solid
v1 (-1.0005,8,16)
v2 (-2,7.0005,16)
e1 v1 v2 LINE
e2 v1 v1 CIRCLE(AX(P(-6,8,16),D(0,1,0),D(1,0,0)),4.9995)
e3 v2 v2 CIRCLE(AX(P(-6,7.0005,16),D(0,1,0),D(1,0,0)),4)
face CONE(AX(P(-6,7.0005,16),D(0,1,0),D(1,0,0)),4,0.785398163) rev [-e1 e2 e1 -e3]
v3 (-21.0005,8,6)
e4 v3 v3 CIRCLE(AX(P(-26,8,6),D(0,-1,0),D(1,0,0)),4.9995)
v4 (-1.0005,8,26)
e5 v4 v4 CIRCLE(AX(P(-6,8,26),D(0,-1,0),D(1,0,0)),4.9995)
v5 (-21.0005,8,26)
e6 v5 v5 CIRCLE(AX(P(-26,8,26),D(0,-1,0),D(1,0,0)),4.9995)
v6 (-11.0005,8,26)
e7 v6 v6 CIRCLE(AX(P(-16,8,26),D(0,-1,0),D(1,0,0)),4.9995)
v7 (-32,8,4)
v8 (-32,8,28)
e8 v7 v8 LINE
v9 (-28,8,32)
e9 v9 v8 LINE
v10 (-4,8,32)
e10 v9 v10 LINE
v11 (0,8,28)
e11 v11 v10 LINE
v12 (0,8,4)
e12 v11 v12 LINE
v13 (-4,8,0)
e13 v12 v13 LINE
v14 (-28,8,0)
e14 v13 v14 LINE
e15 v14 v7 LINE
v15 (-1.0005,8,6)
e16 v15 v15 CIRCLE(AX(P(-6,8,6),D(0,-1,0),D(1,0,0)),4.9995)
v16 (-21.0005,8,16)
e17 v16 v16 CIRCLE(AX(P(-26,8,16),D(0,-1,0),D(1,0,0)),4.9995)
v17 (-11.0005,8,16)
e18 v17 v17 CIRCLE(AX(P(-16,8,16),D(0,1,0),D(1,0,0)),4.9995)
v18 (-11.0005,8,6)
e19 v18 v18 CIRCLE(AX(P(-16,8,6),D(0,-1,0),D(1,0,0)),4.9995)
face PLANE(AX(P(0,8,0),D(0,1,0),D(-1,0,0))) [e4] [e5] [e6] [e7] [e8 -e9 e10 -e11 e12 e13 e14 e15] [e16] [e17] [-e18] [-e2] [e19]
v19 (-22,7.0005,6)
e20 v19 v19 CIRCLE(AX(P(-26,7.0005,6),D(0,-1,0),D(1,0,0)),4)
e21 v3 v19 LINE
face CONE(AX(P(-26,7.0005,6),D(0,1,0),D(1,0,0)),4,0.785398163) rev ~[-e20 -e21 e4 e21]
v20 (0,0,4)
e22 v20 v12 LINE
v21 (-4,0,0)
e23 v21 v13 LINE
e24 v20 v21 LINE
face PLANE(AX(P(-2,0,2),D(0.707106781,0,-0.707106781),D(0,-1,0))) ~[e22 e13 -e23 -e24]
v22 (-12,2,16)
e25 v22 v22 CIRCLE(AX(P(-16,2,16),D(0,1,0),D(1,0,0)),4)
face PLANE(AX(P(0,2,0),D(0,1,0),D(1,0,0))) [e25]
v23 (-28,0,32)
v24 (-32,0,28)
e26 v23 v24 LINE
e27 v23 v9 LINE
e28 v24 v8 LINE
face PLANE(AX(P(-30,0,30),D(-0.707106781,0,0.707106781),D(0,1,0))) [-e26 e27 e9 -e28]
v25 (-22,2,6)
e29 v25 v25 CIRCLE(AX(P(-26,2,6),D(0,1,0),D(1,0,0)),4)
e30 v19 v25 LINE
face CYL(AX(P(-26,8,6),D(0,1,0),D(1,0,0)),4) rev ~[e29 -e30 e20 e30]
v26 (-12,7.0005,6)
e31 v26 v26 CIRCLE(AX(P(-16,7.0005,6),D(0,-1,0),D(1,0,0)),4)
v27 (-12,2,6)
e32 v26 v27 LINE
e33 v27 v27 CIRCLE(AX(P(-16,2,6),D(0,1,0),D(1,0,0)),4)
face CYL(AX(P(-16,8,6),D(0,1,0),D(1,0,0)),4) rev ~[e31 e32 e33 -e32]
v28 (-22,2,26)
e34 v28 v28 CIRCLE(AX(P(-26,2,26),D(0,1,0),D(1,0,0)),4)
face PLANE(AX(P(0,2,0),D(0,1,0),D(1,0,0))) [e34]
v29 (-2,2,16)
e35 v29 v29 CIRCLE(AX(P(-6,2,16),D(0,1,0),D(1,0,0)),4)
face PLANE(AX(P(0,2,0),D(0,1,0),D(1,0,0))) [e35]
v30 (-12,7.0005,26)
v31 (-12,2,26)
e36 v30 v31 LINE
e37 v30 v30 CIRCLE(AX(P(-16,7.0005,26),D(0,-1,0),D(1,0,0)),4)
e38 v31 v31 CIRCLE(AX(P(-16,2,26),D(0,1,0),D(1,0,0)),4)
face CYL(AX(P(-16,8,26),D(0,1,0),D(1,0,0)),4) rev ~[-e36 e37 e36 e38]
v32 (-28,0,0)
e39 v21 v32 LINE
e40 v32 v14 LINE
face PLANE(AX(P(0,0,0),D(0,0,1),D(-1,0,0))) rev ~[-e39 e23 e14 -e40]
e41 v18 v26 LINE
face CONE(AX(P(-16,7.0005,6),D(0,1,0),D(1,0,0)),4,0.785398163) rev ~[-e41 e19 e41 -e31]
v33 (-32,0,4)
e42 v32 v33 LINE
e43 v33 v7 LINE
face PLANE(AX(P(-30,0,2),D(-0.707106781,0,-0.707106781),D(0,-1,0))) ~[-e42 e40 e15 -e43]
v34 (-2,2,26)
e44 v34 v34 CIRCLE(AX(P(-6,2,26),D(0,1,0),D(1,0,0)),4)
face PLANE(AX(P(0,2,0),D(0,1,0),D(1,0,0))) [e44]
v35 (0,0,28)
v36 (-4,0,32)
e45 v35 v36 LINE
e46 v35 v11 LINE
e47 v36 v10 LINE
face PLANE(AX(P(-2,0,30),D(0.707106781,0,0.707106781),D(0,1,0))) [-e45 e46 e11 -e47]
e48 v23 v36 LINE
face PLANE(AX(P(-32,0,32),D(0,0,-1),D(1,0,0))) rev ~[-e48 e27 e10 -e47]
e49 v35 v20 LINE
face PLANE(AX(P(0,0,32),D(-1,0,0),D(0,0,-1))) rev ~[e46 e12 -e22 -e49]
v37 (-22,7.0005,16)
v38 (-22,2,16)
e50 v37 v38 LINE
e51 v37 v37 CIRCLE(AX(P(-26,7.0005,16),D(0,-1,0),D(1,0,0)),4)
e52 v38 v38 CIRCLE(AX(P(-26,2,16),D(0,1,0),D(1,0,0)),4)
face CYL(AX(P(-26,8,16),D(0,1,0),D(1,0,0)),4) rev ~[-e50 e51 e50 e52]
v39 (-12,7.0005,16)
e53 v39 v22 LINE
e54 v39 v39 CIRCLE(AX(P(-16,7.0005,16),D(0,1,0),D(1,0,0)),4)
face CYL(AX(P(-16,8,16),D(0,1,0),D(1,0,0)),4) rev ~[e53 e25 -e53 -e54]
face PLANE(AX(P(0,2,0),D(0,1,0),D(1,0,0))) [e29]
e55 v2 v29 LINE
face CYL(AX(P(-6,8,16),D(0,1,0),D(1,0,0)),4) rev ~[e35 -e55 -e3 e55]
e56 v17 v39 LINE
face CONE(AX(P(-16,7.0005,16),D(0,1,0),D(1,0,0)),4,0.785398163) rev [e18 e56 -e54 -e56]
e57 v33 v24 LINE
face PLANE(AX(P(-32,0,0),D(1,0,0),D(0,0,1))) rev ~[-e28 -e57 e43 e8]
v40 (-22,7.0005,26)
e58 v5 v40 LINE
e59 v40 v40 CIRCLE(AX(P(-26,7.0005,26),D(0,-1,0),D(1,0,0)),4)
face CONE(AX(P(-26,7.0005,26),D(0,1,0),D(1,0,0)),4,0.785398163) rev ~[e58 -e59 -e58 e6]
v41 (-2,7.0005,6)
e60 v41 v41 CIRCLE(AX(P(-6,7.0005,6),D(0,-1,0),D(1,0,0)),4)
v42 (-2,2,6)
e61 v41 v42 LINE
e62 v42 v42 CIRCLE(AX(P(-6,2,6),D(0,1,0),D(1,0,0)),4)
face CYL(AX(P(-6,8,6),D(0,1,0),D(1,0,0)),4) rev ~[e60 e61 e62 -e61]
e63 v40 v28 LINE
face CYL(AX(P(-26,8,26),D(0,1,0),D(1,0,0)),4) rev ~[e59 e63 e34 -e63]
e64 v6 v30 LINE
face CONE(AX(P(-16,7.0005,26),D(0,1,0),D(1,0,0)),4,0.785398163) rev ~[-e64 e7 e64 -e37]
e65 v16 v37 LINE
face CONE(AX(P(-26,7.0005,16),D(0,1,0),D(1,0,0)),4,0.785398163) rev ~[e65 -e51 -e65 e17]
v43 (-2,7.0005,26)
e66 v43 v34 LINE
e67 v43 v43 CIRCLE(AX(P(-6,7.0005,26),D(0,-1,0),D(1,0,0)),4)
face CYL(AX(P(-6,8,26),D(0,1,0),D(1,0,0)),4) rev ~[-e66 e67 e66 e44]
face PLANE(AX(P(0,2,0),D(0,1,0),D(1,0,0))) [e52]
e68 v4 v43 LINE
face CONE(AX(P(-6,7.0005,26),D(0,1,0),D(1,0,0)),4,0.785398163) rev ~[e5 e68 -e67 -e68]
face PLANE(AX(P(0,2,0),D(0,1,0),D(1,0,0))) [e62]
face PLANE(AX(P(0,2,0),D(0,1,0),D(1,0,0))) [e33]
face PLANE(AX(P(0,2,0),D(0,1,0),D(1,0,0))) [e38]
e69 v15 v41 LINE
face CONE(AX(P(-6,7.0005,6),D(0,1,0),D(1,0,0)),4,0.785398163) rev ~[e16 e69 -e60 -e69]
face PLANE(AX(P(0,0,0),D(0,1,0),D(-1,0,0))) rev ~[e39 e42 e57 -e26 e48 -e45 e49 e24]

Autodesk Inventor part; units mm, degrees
ref_plane "YZ Plane" through (0, 0, 0) normal (1, 0, 0) x (0, 1, 0)
ref_plane "XZ Plane" through (0, 0, 0) normal (0, 1, 0) x (-1, 0, 0)
ref_plane "XY Plane" through (0, 0, 0) normal (0, 0, 1) x (1, 0, 0)
sketch "Esquisse1" plane through (0, 0, 0) normal (0, 1, 0) x (-1, 0, 0)
  line L0 (0, 0) -> (32, 0)
  line L1 (32, 0) -> (32, 32)
  line L2 (32, 32) -> (0, 32)
  line L3 (0, 32) -> (0, 0)
  dimension "d0" = 32
  dimension "d1" = 32
extrude "Extrusion1" add sketch "Esquisse1" along normal blind 8
sketch "Esquisse2" plane through (0, 8, 0) normal (0, 1, 0) x (1, 0, 0)
  line L0 (-32, 0) -> (-32, -32) projected
  line L1 (-32, -30) -> (12, -30)
  line L2 (-32, -2) -> (0.5255, -2)
  line L3 (-30, -30) -> (-30, -2)
  line L4 (-2, -30) -> (-2, -2)
  line L5 (0, -32) -> (0, 0) projected
  line L6 (-32, -32) -> (0, -32) projected
  line L7 (0, 0) -> (-32, 0) projected
  circle A0 centre (-26, -26) radius 4
  circle A1 centre (-26, -16) radius 4
  circle A2 centre (-26, -6) radius 4
  circle A3 centre (-16, -26) radius 4
  circle A4 centre (-16, -16) radius 4
  circle A5 centre (-16, -6) radius 4
  circle A6 centre (-6, -26) radius 4
  circle A7 centre (-6, -16) radius 4
  circle A8 centre (-6, -6) radius 4
  dimension "d4" = 2
  dimension "d5" = 2
  dimension "d6" = 2
  dimension "d7" = 2
  dimension "d18" = 8
  dimension "d19" = 8
  dimension "d20" = 8
  dimension "d21" = 8
  dimension "d22" = 8
  dimension "d23" = 8
  dimension "d24" = 8
  dimension "d25" = 8
  dimension "d26" = 8
  dimension "d27" = 4
  dimension "d28" = 4
  dimension "d29" = 4
  dimension "d30" = 4
  dimension "d31" = 4
  dimension "d32" = 4
  dimension "d33" = 4
  dimension "d34" = 4
  dimension "d35" = 10
  dimension "d36" = 4
  dimension "d37" = 4
  dimension "d38" = 4
  dimension "d39" = 10
  dimension "d40" = 10
  dimension "d41" = 10
  dimension "d42" = 10
  dimension "d43" = 10
  dimension "d44" = 10
  dimension "d45" = 10
extrude "Extrusion2" cut sketch "Esquisse2" against normal blind 6 contours A1 | A3 | A7 | A5 | A2 | A0 | A8 | A6 | A4
chamfer "Chanfrein1" distance 4 angle 45 4 edges at (0, 4, 32) (0, 4, 0) (-32, 4, 0) (-32, 4, 32)
chamfer "Chanfrein2" distance 1 angle 45 9 edges at (-30, 8, 26) (-30, 8, 16) (-30, 8, 6) (-20, 8, 6) (-20, 8, 16) (-20, 8, 26) (-10, 8, 16) (-10, 8, 26) (-10, 8, 6)
properties part number "Plateau"
